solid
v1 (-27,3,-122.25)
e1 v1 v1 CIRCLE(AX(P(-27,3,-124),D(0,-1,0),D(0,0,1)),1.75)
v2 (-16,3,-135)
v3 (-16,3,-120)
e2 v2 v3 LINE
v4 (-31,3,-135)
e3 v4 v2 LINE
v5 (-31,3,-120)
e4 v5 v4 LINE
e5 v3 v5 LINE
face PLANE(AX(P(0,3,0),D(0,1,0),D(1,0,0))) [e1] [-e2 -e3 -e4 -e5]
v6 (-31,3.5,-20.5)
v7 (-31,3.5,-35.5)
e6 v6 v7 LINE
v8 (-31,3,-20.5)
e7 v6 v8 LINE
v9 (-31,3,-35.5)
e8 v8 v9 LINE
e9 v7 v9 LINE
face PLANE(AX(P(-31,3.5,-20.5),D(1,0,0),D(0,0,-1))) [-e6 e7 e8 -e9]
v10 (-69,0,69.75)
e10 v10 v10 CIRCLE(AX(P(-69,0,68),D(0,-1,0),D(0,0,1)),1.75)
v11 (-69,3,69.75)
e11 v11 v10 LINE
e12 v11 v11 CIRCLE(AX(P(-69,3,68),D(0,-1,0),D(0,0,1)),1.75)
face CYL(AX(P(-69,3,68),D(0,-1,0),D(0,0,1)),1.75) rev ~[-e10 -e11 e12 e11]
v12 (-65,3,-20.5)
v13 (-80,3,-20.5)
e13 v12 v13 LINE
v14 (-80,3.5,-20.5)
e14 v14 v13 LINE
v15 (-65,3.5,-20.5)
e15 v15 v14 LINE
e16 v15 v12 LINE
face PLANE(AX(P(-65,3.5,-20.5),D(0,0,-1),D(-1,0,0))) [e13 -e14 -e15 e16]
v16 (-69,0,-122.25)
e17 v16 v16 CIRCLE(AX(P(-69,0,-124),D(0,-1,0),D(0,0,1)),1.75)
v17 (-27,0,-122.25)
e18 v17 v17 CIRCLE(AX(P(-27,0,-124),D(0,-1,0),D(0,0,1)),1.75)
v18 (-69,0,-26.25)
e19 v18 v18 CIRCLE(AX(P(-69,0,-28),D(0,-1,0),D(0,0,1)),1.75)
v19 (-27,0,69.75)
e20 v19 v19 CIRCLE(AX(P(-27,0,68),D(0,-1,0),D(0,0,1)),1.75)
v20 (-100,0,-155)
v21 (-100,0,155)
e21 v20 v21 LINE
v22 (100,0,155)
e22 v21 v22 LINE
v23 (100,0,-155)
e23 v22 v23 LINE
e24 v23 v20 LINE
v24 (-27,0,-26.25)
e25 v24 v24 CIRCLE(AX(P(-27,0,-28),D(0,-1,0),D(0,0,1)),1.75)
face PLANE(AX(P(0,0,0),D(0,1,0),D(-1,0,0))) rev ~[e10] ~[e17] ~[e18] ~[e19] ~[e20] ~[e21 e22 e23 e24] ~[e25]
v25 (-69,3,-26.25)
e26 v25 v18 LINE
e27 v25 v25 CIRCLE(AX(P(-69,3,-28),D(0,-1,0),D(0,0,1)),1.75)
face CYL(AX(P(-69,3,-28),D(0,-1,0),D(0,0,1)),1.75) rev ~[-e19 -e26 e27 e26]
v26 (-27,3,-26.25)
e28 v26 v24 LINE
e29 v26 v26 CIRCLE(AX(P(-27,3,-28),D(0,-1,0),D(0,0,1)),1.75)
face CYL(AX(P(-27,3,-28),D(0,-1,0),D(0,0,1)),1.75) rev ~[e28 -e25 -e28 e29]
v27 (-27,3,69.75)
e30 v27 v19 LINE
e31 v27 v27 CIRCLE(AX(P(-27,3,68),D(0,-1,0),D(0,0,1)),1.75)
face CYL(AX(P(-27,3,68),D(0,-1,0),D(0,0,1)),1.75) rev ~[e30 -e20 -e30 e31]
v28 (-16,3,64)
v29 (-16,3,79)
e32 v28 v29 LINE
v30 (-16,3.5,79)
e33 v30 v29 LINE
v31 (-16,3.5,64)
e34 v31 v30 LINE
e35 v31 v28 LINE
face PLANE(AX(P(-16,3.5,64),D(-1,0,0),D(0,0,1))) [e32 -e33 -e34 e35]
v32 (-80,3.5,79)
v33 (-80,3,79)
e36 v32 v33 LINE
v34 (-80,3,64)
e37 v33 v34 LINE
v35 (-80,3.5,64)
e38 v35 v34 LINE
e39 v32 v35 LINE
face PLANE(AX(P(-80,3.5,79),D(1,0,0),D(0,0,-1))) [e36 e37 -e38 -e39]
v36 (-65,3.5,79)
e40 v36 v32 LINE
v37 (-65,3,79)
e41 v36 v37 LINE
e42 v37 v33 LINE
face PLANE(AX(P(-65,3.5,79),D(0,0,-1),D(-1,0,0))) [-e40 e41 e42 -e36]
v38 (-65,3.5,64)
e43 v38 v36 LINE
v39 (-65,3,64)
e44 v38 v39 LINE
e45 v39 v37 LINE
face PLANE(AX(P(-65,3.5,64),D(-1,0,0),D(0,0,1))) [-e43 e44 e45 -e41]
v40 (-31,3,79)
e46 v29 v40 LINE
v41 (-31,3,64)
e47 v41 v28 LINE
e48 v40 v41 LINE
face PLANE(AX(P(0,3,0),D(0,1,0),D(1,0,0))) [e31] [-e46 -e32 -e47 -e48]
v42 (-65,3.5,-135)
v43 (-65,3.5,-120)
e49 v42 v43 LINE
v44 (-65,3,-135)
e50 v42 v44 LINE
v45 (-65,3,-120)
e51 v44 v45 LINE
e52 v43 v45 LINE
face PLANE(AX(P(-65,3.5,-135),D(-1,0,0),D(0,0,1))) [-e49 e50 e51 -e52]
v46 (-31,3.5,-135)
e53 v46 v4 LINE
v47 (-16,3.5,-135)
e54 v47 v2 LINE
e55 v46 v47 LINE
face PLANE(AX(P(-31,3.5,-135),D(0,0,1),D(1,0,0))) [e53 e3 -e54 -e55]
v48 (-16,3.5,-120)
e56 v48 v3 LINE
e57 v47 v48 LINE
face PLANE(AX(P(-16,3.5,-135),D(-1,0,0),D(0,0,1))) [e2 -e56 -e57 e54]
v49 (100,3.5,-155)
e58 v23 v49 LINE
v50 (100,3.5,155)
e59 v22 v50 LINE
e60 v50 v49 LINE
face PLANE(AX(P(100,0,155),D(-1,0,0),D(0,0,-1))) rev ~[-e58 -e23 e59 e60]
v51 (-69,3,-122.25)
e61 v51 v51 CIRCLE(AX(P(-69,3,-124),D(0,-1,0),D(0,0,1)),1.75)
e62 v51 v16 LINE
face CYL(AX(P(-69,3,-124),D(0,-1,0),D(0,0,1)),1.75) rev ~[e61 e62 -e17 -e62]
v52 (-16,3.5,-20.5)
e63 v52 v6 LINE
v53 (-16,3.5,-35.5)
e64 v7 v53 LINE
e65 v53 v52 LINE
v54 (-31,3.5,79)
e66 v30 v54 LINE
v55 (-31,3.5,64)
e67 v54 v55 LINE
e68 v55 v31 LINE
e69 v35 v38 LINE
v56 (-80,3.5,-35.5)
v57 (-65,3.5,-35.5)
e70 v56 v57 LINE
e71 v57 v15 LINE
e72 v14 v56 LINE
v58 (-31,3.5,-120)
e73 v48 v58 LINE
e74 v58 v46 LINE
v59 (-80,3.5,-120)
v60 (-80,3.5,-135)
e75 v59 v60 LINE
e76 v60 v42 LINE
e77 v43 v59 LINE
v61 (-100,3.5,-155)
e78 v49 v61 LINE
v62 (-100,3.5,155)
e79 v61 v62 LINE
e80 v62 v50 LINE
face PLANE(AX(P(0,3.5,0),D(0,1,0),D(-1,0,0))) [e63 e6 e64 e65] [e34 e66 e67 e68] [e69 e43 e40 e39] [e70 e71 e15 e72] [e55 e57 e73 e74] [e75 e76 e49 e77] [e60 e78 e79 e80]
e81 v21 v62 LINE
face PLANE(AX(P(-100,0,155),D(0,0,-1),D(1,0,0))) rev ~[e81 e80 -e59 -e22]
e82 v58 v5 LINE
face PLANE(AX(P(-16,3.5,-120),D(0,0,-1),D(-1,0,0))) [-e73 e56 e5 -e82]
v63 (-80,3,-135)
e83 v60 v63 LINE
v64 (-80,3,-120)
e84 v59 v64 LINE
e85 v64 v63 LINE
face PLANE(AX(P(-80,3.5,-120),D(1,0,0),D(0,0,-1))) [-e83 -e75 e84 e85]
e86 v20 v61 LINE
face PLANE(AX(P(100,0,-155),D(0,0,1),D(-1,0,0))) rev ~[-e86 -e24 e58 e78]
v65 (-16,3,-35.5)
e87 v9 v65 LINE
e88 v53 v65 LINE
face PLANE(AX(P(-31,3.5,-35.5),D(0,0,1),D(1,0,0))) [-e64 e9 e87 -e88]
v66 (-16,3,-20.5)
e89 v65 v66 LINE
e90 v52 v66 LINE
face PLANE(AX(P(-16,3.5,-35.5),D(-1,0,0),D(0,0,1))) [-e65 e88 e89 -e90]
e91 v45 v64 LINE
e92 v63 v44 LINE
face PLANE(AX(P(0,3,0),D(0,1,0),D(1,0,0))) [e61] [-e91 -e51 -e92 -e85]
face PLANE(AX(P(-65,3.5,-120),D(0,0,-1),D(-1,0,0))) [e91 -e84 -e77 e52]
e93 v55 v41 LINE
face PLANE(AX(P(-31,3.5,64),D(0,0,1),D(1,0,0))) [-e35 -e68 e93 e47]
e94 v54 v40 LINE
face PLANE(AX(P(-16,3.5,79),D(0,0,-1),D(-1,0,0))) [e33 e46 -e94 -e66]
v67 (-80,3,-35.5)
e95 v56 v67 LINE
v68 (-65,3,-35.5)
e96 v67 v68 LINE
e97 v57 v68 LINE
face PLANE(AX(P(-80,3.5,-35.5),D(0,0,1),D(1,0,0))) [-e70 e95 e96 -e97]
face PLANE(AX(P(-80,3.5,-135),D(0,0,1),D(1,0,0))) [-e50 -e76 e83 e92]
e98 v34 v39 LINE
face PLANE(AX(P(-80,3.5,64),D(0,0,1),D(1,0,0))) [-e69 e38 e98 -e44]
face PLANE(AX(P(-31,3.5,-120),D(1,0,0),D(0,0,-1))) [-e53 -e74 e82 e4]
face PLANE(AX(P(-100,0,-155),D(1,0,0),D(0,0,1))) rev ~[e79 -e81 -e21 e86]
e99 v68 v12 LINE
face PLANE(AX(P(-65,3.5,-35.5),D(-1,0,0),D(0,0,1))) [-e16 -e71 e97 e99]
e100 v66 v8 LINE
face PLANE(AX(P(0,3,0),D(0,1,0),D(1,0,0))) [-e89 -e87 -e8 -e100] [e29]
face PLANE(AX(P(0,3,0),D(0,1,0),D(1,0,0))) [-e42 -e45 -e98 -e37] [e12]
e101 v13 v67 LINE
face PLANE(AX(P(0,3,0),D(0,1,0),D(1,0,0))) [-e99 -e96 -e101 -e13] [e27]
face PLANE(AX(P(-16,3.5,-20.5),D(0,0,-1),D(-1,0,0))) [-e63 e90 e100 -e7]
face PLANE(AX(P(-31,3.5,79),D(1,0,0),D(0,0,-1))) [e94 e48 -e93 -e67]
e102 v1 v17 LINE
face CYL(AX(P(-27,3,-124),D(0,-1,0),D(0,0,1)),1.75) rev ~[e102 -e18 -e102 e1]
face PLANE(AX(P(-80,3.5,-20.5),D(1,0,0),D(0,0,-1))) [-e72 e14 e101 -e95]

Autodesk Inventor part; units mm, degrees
ref_plane "YZ Plane" through (0, 0, 0) normal (1, 0, 0) x (0, 1, 0)
ref_plane "XZ Plane" through (0, 0, 0) normal (0, 1, 0) x (-1, 0, 0)
ref_plane "XY Plane" through (0, 0, 0) normal (0, 0, 1) x (1, 0, 0)
sketch "Sketch1" plane through (0, 0, 0) normal (0, 1, 0) x (-1, 0, 0)
  line L0 (100, 155) -> (-100, 155)
  line L1 (-100, 155) -> (-100, -155)
  line L2 (-100, -155) -> (100, -155)
  line L3 (100, -155) -> (100, 155)
  point P0 (0, 0)
  point P1 (100, 0)
  point P2 (0, -155)
  dimension "d0" = 200
  dimension "d1" = 310
extrude "Extrusion1" add sketch "Sketch1" along normal blind 3.5
sketch "Sketch3" plane through (0, 3.5, 0) normal (0, 1, 0) x (1, 0, 0)
  line L0 (-80, 135) -> (-65, 135)
  line L1 (-65, 135) -> (-65, 120)
  line L2 (-65, 120) -> (-80, 120)
  line L3 (-80, 120) -> (-80, 135)
  line L4 (-31, 135) -> (-16, 135)
  line L5 (-16, 135) -> (-16, 120)
  line L6 (-16, 120) -> (-31, 120)
  line L7 (-31, 120) -> (-31, 135)
  line L8 (-80, 35.5) -> (-65, 35.5)
  line L9 (-65, 35.5) -> (-65, 20.5)
  line L10 (-65, 20.5) -> (-80, 20.5)
  line L11 (-80, 20.5) -> (-80, 35.5)
  line L12 (-31, 35.5) -> (-16, 35.5)
  line L13 (-16, 35.5) -> (-16, 20.5)
  line L14 (-16, 20.5) -> (-31, 20.5)
  line L15 (-31, 20.5) -> (-31, 35.5)
  line L16 (-80, -64) -> (-65, -64)
  line L17 (-65, -64) -> (-65, -79)
  line L18 (-65, -79) -> (-80, -79)
  line L19 (-80, -79) -> (-80, -64)
  line L20 (-31, -64) -> (-16, -64)
  line L21 (-16, -64) -> (-16, -79)
  line L22 (-16, -79) -> (-31, -79)
  line L23 (-31, -79) -> (-31, -64)
  line L24 (-100, 155) -> (-100, -155) projected
  line L25 (100, 155) -> (-100, 155) projected
  point P0 (0, 0)
  dimension "d4" = 15
  dimension "d5" = 15
  dimension "d8" = 49
  dimension "d11" = 99.5
  dimension "d14" = 20
  dimension "d15" = 20
extrude "Extrusion2" cut sketch "Sketch3" against normal blind 0.5
sketch "Sketch4" plane through (0, 3, 0) normal (0, 1, 0) x (1, 0, 0)
  line L0 (-65, 135) -> (-65, 120) projected
  line L1 (-65, 120) -> (-80, 120) projected
  line L2 (-65, 35.5) -> (-65, 20.5) projected
  line L3 (-31, 20.5) -> (-31, 35.5) projected
  line L4 (-80, -64) -> (-65, -64) projected
  line L5 (-31, -79) -> (-31, -64) projected
  point P0 (0, 0)
  point P1 (-69, 28)
  point P2 (-27, 28)
  point P3 (-69, -68)
  point P4 (-27, -68)
  point P5 (-69, 124)
  point P6 (-27, 124)
  point P7 (-65, 28)
  point P8 (-31, 28)
  dimension "d18" = 4
  dimension "d19" = 4
  dimension "d20" = 4
  dimension "d21" = 4
hole "Hole1" at (-69, 3, -28) at (-27, 3, -28) at (-69, 3, 68) at (-27, 3, 68) at (-69, 3, -124) at (-27, 3, -124) direction (0, -1, 0) diameter 3.5 end through all
properties part number "BaseCase"
